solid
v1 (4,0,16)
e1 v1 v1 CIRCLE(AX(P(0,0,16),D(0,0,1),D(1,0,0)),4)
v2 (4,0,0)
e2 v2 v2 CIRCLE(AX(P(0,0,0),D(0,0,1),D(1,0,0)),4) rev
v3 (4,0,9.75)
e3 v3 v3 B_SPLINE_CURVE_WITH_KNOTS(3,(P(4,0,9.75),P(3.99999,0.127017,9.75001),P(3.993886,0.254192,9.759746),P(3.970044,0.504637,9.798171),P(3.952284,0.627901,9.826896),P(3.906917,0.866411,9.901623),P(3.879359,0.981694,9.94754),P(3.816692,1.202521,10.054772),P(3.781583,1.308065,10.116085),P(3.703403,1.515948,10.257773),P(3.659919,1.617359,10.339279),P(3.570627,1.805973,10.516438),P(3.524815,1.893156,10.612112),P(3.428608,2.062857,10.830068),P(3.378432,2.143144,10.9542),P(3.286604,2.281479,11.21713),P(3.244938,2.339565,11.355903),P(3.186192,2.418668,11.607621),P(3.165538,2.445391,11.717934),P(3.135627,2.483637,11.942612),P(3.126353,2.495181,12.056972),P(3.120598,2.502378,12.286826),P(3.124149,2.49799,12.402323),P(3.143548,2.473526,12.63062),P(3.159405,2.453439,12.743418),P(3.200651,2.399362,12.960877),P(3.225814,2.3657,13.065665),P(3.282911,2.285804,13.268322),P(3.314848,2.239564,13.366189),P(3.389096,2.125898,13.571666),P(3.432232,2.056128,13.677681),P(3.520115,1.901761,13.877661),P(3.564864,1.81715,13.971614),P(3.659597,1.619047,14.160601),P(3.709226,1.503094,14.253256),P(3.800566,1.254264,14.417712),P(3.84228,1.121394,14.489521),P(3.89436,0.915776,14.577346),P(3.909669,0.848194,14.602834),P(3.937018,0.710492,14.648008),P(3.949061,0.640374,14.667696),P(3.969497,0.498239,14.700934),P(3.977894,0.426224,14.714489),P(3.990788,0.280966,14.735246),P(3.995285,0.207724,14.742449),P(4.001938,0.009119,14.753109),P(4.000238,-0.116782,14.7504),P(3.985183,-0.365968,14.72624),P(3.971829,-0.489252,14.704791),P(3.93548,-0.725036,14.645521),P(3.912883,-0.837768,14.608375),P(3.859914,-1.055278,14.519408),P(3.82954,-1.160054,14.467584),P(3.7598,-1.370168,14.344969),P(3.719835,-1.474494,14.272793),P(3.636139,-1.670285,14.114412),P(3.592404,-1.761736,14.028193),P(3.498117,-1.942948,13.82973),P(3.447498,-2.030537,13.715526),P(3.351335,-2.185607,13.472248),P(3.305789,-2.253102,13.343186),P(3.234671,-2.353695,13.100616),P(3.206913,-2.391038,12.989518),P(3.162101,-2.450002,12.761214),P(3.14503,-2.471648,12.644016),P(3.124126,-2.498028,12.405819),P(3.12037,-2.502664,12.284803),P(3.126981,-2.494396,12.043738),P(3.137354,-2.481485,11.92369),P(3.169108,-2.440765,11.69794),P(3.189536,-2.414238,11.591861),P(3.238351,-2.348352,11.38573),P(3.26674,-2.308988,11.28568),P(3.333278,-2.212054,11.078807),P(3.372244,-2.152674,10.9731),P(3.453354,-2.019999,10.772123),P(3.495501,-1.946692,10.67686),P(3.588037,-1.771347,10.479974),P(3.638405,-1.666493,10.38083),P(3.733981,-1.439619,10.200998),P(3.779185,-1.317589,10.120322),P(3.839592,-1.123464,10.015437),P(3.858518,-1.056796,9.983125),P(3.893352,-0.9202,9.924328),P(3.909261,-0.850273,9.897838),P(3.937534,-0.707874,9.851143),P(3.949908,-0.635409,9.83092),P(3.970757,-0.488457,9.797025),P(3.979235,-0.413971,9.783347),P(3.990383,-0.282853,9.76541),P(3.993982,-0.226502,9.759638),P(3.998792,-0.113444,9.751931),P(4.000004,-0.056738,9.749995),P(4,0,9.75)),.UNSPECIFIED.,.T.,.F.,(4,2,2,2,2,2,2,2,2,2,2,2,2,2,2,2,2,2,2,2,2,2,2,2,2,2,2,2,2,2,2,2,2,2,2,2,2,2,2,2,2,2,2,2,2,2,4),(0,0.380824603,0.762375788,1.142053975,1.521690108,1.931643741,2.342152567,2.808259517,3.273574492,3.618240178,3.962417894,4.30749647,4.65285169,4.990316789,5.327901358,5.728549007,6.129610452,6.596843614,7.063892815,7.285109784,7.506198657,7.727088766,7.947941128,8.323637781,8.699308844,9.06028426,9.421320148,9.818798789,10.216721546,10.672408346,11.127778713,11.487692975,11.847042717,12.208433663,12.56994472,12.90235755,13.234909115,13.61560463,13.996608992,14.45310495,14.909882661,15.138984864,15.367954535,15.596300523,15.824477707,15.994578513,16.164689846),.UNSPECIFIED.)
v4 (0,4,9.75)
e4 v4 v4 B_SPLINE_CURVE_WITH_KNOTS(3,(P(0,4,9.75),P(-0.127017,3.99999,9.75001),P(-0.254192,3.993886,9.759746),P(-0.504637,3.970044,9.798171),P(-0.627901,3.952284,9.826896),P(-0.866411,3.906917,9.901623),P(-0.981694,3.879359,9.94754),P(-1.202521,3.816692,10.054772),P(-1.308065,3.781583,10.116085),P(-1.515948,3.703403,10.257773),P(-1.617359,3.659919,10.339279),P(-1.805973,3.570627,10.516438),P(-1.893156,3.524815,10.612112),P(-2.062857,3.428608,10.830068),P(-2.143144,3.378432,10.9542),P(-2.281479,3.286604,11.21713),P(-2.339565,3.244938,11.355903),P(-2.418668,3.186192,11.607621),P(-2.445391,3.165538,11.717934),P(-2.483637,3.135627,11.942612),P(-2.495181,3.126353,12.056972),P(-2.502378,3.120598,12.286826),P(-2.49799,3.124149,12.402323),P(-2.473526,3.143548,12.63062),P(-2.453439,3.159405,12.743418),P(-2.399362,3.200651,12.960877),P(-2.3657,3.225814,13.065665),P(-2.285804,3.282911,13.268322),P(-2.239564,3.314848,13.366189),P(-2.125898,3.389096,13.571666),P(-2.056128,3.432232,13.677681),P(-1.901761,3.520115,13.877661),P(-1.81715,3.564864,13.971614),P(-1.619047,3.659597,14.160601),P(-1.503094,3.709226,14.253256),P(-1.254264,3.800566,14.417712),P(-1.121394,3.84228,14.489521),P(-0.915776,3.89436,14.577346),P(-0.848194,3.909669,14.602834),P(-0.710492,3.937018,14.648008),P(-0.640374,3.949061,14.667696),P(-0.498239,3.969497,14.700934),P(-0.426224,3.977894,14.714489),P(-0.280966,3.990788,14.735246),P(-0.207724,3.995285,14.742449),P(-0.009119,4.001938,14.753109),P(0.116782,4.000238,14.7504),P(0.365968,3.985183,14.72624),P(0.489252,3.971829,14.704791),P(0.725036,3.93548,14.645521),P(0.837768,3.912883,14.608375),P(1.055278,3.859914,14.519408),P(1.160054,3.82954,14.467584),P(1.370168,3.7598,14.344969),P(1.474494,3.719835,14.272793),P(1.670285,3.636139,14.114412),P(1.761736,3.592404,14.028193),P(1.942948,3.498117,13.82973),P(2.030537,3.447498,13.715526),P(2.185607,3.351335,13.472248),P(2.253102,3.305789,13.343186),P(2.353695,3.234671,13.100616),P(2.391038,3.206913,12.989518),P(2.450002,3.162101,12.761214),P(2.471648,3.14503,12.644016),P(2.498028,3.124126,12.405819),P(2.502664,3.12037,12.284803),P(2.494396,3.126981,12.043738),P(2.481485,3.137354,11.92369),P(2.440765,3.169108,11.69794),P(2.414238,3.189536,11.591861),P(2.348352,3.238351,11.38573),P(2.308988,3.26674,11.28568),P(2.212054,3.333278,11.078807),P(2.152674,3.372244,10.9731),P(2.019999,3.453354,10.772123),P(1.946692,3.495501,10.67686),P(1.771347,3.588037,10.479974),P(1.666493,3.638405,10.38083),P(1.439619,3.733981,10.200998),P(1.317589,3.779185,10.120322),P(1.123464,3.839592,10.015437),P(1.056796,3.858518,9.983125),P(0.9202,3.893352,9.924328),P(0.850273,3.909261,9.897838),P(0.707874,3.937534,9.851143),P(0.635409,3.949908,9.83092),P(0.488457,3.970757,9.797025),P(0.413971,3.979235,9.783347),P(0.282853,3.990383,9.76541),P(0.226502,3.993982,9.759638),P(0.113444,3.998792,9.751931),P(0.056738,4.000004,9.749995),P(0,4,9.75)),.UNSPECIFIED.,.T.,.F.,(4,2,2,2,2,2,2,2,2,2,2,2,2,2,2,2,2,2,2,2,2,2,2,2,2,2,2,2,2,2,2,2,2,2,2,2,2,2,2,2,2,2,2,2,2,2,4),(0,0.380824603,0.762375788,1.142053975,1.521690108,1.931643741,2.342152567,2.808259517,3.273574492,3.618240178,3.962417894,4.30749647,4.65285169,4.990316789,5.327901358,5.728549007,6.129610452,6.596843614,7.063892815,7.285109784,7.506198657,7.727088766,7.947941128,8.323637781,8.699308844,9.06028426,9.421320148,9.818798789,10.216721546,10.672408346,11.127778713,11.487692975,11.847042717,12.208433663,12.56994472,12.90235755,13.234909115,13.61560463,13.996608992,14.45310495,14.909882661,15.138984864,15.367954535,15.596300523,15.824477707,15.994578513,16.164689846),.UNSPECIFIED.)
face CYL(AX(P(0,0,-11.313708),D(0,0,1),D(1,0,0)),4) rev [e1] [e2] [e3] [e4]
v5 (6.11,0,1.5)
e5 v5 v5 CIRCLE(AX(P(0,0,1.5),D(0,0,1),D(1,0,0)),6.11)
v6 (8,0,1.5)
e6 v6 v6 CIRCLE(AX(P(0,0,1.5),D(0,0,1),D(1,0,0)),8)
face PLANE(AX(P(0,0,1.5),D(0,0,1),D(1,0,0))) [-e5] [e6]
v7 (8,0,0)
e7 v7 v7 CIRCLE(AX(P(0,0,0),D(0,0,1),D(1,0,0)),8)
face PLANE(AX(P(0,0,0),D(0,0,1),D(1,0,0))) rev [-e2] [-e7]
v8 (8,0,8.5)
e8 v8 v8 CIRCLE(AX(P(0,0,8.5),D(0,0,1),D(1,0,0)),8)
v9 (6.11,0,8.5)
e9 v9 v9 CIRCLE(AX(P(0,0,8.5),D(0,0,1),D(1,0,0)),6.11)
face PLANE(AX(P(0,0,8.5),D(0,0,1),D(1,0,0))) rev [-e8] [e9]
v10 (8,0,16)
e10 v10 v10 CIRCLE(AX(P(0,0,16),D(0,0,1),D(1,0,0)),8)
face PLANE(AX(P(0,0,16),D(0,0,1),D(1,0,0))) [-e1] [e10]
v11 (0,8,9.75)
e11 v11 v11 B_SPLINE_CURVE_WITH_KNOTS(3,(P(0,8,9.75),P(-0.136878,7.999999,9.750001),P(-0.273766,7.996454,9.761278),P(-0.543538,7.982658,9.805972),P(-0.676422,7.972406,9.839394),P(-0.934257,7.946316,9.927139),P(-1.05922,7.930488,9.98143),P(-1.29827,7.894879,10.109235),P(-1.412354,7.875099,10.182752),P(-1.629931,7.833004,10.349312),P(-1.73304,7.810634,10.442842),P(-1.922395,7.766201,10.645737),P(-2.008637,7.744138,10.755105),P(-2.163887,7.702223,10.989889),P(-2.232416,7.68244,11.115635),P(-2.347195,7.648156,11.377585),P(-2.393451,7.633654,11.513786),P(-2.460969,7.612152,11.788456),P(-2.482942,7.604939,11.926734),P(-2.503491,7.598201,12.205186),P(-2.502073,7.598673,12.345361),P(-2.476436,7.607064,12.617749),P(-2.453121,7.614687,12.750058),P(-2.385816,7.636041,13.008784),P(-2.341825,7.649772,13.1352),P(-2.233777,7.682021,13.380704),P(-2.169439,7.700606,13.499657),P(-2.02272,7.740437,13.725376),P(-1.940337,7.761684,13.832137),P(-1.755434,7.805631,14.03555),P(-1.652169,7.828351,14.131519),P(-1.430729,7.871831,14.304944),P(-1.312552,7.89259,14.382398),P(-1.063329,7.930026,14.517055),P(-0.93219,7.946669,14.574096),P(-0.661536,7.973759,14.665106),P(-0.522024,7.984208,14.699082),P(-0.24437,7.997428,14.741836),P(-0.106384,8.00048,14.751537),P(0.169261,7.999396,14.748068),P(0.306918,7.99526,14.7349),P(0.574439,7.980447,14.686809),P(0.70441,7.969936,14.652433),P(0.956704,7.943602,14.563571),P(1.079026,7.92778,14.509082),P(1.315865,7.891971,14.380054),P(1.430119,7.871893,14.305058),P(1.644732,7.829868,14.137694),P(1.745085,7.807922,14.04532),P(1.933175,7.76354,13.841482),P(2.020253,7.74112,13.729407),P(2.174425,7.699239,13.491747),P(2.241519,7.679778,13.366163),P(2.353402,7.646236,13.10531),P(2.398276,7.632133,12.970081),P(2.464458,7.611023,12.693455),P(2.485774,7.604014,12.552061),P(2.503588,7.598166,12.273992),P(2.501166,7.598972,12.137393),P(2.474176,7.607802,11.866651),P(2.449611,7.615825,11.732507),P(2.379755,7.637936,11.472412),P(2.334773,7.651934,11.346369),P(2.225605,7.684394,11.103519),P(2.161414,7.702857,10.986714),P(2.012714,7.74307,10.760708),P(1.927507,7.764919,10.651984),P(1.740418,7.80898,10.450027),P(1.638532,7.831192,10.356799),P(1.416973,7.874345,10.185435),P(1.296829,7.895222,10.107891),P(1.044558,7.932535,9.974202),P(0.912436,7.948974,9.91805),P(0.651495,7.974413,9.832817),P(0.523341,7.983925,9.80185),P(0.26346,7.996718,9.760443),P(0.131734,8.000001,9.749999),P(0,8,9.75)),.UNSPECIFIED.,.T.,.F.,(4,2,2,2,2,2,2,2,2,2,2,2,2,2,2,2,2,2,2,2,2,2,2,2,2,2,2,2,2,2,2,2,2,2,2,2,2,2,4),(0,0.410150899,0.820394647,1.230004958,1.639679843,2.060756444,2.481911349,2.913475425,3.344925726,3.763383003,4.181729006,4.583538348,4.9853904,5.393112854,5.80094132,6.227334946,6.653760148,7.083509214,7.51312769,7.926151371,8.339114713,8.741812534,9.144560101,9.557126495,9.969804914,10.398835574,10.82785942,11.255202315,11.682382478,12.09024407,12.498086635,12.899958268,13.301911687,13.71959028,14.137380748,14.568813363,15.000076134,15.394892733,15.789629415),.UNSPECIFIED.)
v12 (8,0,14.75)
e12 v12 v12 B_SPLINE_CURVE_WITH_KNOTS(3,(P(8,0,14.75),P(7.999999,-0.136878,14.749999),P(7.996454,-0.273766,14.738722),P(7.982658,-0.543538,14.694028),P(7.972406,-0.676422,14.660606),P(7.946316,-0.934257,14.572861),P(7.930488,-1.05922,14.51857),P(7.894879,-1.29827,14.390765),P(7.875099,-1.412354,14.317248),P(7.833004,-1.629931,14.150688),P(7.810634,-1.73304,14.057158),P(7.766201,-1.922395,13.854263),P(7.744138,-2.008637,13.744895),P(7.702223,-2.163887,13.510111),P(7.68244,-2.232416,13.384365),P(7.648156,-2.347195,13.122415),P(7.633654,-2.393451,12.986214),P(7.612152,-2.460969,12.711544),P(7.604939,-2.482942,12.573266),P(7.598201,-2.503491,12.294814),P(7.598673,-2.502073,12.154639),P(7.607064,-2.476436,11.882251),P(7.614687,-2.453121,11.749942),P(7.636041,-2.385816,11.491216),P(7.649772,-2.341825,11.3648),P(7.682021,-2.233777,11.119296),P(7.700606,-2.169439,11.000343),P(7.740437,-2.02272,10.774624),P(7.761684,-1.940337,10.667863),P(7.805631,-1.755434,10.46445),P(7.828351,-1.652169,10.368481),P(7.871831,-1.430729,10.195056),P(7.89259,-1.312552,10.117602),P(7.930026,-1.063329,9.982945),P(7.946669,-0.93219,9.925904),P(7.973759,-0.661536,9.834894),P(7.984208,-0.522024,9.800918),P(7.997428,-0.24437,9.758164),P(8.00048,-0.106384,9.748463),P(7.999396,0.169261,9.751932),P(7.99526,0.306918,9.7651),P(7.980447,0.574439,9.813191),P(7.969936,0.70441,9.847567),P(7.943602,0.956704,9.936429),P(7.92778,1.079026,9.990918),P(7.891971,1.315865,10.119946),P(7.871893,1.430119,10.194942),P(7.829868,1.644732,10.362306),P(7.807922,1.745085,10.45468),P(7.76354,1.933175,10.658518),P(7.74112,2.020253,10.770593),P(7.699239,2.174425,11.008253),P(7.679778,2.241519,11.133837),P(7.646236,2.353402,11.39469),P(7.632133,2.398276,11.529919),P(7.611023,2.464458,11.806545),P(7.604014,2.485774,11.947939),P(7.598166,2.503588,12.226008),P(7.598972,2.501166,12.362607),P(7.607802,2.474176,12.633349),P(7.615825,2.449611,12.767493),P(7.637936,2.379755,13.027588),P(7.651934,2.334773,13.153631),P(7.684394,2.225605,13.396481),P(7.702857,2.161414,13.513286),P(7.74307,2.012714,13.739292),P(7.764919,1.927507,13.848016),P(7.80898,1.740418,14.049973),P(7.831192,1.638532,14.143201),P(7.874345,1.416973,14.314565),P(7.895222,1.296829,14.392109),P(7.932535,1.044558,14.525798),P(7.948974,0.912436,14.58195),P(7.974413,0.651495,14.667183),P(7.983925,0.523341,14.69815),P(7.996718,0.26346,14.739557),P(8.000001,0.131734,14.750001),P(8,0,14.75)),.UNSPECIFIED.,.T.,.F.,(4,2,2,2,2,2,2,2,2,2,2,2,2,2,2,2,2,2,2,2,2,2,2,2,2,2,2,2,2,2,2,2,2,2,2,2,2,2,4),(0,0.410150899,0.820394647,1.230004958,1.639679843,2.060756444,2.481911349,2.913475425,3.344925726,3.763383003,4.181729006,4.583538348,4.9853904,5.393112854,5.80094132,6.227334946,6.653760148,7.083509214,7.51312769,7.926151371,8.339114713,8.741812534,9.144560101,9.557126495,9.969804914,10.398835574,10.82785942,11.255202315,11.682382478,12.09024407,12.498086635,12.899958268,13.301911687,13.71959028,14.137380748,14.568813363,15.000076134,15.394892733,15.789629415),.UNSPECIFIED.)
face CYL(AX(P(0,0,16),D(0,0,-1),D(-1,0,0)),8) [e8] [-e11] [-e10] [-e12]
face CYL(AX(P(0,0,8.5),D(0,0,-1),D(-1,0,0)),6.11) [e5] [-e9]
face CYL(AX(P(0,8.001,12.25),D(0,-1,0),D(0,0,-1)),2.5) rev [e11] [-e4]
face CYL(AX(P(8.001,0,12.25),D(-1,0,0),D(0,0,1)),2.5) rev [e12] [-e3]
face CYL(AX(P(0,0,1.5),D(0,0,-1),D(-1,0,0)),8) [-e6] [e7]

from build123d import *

# Parameters (mm, degrees)
SKETCH1_R               = 8
BOSS_EXTRUDE1_DEPTH     = 1.5
SKETCH2_R               = 6.11
BOSS_EXTRUDE2_DEPTH     = 7
SKETCH4_R               = 8
BOSS_EXTRUDE4_DEPTH     = 7.5
SKETCH6_R               = 4
CUT_EXTRUDE1_DEPTH      = 16
CUT_EXTRUDE2_REACH      = 21.596
CUT_EXTRUDE2_END_RADIUS = 8
SKETCH7_R               = 2.5
CUT_EXTRUDE3_REACH      = 21.596
CUT_EXTRUDE3_END_RADIUS = 8
SKETCH8_R               = 2.5


with BuildPart() as part:
    # Sketch1 → Boss-Extrude1 (new body)
    with BuildSketch(Plane.XY):
        Circle(SKETCH1_R)
    extrude(amount=BOSS_EXTRUDE1_DEPTH)

    # Sketch2 → Boss-Extrude2 (add)
    with BuildSketch(Plane.XY.offset(1.5)):
        Circle(SKETCH2_R)
    extrude(amount=BOSS_EXTRUDE2_DEPTH)

    # Sketch4 → Boss-Extrude4 (add)
    with BuildSketch(Plane.XY.offset(8.5)):
        Circle(SKETCH4_R)
    extrude(amount=BOSS_EXTRUDE4_DEPTH)

    # Sketch6 → Cut-Extrude1 (cut)
    with BuildSketch(Plane.XY.offset(16)):
        Circle(SKETCH6_R)
    extrude(amount=-CUT_EXTRUDE1_DEPTH, mode=Mode.SUBTRACT)

    # Cut-Extrude2: up to this cylinder (the profile starts inside it)
    cut_extrude2_end = Plane(origin=(0, 0, 12.25), z_dir=(0, 0, -1)) * Cylinder(CUT_EXTRUDE2_END_RADIUS, 60.192, mode=Mode.PRIVATE)
    # Sketch7 → Cut-Extrude2 (cut, up to the surface)
    with BuildSketch(Plane.ZY, mode=Mode.PRIVATE) as cut_extrude2_sk1:
        with Locations((12.25, 0)):
            Circle(SKETCH7_R)
    cut_extrude2_tool1 = extrude(cut_extrude2_sk1.sketch, amount=-CUT_EXTRUDE2_REACH, mode=Mode.PRIVATE) & cut_extrude2_end
    add(cut_extrude2_tool1.solids().sort_by_distance((0, 0, 12.25))[0], mode=Mode.SUBTRACT)

    # Cut-Extrude3: up to this cylinder (the profile starts inside it)
    cut_extrude3_end = Plane(origin=(0, 0, 12.25), z_dir=(0, 0, -1)) * Cylinder(CUT_EXTRUDE3_END_RADIUS, 60.192, mode=Mode.PRIVATE)
    # Sketch8 → Cut-Extrude3 (cut, up to the surface)
    with BuildSketch(Plane(origin=(0, 0, 0), x_dir=(0, 0, 1), z_dir=(0, -1, 0)), mode=Mode.PRIVATE) as cut_extrude3_sk1:
        with Locations(Location((12.25, 0, 0), (0, 0, 180))):
            Circle(SKETCH8_R)
    cut_extrude3_tool1 = extrude(cut_extrude3_sk1.sketch, amount=-CUT_EXTRUDE3_REACH, mode=Mode.PRIVATE) & cut_extrude3_end
    add(cut_extrude3_tool1.solids().sort_by_distance((0, 0, 12.25))[0], mode=Mode.SUBTRACT)


solid = part.part
